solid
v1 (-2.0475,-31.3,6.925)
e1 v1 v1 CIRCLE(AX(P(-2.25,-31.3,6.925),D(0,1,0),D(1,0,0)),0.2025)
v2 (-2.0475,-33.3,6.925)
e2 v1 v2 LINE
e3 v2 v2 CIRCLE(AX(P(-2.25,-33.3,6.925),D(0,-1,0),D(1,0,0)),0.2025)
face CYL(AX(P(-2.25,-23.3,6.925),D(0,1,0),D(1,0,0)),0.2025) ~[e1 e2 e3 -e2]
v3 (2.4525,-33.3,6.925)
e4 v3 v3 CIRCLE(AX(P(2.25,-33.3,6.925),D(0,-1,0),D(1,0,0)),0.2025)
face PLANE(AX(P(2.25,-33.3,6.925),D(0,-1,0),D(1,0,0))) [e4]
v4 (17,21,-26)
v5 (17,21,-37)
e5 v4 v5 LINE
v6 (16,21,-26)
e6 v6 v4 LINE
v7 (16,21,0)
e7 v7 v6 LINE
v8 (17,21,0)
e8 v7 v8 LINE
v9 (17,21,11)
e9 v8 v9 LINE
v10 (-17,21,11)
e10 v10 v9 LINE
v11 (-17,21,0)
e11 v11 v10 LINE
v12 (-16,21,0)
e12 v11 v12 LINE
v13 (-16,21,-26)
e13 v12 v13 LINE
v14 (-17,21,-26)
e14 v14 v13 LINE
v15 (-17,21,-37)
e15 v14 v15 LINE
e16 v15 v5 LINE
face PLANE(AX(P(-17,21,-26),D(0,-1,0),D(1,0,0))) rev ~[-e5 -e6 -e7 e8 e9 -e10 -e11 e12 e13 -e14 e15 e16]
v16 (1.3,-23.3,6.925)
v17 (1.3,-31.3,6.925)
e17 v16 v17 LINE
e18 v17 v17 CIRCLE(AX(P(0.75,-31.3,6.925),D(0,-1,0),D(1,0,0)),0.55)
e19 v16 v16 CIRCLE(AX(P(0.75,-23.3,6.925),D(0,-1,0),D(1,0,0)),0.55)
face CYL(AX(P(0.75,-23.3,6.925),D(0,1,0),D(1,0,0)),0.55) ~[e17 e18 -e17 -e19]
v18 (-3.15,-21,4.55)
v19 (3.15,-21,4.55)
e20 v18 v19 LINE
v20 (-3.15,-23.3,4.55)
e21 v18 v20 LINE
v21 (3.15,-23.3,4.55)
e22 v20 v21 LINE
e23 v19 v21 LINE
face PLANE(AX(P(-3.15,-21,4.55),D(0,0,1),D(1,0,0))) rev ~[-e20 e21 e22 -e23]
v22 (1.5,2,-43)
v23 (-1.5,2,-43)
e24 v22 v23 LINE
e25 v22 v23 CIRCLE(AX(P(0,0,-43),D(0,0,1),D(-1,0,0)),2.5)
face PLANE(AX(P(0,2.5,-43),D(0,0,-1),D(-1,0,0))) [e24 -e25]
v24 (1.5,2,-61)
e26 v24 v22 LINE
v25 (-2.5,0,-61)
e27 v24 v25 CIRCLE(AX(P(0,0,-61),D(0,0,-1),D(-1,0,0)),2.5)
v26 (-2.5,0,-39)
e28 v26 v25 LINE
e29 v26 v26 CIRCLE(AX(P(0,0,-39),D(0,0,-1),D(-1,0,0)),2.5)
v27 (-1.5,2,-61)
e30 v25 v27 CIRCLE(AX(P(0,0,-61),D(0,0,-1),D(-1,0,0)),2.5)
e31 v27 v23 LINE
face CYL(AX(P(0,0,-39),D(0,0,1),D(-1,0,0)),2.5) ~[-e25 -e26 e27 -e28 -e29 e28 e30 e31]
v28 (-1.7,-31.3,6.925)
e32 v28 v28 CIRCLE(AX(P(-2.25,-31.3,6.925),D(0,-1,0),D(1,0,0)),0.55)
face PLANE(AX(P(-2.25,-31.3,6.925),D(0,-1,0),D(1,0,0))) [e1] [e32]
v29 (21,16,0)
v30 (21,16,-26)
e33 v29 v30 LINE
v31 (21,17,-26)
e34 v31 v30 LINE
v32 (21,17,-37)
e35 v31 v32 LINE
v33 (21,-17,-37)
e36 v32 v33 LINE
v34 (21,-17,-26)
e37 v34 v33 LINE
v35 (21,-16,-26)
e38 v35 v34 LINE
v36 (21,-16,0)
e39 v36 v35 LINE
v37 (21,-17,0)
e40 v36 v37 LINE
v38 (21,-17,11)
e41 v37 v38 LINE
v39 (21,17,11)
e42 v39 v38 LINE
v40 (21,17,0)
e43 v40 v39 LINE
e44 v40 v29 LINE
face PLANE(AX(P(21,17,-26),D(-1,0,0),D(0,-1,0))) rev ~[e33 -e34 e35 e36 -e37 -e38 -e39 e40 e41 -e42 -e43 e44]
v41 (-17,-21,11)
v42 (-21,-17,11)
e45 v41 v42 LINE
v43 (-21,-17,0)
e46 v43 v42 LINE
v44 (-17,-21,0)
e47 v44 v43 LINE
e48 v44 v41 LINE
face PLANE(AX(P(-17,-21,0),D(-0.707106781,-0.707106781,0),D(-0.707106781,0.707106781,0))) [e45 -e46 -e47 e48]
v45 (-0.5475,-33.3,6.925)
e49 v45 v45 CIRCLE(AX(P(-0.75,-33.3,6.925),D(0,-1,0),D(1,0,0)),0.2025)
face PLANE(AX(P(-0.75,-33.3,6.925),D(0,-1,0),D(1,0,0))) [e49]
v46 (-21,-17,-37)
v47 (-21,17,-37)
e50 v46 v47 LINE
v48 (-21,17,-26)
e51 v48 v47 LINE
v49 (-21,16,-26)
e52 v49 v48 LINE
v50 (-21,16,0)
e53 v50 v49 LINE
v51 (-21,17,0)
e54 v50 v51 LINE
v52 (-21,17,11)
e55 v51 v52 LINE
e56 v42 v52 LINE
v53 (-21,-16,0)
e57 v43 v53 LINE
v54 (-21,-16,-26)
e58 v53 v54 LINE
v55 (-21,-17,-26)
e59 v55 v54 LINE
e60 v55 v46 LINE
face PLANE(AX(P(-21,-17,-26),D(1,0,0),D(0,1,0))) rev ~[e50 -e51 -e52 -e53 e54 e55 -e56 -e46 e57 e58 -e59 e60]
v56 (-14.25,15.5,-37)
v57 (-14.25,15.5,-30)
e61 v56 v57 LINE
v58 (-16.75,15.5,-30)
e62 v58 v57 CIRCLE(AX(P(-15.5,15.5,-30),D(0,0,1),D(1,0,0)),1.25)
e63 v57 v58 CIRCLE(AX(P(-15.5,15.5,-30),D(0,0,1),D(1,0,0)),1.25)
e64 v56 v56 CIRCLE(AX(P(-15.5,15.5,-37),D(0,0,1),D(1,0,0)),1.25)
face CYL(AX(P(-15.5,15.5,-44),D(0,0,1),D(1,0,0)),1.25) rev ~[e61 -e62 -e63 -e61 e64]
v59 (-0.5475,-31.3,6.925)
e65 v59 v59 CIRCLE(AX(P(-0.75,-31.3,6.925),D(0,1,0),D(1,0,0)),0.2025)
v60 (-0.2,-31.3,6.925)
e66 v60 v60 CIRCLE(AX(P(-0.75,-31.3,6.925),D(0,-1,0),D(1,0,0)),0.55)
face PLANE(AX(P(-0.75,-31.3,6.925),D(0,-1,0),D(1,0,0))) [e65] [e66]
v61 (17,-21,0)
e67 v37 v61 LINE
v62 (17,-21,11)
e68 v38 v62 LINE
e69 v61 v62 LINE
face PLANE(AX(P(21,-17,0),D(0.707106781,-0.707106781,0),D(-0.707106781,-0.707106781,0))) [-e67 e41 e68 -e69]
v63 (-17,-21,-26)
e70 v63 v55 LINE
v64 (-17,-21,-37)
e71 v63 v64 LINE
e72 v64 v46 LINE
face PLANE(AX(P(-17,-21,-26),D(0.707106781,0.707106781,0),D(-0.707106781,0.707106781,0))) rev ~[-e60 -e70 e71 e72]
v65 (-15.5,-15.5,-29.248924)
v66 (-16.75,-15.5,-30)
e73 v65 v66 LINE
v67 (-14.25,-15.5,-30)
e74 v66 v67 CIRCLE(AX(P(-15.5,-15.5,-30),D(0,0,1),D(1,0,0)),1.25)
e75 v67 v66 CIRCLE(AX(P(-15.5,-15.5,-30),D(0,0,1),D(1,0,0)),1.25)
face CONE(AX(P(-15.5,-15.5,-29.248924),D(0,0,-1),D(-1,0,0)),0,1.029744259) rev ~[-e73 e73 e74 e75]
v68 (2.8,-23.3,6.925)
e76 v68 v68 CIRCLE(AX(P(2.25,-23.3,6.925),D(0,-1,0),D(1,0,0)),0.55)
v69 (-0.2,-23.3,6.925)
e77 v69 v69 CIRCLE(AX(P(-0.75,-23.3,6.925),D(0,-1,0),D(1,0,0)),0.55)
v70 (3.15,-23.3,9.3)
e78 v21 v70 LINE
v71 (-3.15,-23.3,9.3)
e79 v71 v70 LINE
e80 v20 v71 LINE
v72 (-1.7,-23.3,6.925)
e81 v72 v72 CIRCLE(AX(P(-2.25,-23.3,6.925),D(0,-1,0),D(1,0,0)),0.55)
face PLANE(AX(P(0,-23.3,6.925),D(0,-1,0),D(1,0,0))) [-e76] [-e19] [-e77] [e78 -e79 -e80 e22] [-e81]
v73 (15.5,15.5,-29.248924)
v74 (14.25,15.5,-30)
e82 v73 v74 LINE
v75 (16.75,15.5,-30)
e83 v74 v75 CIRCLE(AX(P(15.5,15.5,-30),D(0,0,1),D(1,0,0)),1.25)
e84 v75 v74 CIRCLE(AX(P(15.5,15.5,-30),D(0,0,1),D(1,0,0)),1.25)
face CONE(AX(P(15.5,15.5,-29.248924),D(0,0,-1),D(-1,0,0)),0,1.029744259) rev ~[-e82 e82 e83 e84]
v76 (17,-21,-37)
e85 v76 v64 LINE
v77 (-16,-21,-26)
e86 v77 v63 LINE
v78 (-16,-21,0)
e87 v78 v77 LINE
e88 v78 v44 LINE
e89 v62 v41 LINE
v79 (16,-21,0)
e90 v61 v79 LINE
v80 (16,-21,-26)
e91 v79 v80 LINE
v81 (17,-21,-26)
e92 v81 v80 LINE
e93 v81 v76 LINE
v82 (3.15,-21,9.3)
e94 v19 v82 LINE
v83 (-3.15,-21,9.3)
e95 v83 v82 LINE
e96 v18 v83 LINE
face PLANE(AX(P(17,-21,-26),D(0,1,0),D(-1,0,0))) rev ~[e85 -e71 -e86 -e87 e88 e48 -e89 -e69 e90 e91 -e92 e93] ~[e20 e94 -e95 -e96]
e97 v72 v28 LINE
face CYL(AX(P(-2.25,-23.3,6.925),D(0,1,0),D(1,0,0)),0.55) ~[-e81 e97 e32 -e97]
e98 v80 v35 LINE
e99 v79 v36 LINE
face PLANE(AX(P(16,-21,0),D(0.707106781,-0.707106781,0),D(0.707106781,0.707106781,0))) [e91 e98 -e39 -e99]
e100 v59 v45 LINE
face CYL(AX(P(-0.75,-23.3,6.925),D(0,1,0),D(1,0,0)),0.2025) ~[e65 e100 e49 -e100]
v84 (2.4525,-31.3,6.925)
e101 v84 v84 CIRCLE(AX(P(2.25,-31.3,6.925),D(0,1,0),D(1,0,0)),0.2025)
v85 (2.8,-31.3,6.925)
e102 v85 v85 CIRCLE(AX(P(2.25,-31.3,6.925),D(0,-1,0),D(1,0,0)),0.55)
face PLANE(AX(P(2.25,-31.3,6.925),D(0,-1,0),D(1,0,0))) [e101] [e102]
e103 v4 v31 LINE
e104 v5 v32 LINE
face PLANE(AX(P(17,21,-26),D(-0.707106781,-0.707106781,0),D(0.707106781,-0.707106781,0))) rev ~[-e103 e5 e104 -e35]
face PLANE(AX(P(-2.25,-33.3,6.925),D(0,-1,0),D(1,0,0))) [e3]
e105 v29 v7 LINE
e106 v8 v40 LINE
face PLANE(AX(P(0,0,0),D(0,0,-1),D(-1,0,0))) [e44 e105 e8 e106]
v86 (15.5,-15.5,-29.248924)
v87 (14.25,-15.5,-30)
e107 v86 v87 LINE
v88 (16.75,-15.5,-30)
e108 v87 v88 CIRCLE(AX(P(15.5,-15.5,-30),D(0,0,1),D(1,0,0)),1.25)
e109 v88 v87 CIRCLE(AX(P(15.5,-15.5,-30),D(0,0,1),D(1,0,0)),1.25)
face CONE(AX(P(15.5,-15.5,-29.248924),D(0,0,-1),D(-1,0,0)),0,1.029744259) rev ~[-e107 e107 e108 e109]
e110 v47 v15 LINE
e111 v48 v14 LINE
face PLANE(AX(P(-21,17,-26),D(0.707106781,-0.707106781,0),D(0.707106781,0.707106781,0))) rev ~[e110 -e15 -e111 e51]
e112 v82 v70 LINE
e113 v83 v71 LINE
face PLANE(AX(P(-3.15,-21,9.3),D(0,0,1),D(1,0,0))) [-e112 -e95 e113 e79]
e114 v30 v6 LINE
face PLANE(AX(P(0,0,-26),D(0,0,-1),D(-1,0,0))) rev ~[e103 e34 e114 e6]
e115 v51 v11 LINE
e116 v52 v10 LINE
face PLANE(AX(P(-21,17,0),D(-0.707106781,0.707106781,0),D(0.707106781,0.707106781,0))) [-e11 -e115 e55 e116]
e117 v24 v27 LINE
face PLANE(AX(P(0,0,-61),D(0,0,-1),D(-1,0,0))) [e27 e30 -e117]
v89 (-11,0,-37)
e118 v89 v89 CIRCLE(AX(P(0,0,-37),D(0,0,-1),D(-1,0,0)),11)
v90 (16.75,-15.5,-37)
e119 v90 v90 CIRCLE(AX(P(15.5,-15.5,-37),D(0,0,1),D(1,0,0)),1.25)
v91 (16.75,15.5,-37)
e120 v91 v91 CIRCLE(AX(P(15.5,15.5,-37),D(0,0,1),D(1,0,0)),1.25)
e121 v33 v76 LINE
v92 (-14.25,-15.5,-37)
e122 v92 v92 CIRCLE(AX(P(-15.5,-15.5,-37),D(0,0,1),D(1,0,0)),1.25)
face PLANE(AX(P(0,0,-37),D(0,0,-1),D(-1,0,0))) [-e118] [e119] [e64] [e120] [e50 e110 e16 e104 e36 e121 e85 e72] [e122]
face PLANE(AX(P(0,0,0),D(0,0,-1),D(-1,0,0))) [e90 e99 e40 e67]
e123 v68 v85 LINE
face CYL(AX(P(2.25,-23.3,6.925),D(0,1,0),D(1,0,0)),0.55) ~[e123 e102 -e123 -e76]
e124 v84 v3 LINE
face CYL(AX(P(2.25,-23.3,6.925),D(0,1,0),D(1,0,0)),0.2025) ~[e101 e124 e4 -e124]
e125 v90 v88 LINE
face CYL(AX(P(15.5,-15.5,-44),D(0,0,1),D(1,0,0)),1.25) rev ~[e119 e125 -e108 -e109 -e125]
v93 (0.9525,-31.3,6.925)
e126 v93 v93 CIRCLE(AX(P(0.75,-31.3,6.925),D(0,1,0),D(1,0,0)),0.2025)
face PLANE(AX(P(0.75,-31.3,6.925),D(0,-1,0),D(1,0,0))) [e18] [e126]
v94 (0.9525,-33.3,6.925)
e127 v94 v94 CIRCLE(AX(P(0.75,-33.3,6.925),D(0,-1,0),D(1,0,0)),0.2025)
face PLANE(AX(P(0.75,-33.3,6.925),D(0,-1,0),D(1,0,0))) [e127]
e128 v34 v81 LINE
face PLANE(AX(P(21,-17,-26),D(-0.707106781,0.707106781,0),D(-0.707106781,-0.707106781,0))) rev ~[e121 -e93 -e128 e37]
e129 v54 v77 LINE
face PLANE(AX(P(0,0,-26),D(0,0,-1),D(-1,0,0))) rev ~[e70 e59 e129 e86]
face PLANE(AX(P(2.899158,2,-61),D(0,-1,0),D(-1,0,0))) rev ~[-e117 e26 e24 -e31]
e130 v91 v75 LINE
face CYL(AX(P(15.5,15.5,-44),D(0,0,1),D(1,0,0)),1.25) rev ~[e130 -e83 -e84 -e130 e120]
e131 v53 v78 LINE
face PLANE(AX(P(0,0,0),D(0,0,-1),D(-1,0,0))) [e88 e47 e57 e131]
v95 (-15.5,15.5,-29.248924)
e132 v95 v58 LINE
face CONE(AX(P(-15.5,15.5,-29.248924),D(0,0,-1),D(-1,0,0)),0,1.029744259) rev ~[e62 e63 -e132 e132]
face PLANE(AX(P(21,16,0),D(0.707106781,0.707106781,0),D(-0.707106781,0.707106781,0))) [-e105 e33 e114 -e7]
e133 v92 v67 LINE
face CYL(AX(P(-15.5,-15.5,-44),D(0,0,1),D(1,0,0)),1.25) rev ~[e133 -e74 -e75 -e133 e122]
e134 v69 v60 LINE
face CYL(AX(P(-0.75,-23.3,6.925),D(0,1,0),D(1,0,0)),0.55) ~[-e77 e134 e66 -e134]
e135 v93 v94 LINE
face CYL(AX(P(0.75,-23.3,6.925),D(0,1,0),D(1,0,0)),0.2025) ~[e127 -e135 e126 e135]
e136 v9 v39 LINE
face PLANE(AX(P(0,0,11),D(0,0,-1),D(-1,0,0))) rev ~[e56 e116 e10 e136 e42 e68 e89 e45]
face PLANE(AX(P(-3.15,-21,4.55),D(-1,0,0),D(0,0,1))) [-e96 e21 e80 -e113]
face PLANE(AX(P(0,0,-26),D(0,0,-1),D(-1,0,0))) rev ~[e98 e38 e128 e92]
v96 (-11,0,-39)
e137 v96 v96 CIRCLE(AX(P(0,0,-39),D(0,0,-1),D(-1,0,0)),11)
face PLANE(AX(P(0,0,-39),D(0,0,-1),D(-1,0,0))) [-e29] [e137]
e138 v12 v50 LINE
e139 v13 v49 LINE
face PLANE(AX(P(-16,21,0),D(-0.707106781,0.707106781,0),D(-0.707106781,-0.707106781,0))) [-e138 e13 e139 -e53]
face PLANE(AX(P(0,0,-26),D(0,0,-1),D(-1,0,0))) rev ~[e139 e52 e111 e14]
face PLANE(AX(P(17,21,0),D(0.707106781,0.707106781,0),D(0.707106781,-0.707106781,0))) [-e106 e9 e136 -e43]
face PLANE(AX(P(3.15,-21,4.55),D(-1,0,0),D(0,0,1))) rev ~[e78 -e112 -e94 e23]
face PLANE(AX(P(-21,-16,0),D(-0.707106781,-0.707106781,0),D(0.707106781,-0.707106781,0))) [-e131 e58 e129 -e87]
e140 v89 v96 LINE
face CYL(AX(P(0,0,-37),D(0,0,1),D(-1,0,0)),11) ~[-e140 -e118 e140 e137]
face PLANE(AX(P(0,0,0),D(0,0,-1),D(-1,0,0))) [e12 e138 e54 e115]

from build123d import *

# Parameters (mm, degrees)
BOSS_EXTRU_1_DEPTH      = 11
BOSS_EXTRU_2_DEPTH      = 26
BOSS_EXTRU_3_DEPTH      = 11
ESQUISSE4_R             = 11
BOSS_EXTRU_4_DEPTH      = 2
ESQUISSE5_R             = 2.5
BOSS_EXTRU_5_DEPTH      = 22
ESQUISSE6_W             = 5.798316384
ESQUISSE6_H             = 1
ENL_V_MAT_EXTRU_1_DEPTH = 18
TROU_TARAUD_M31_D       = 2.5
TROU_TARAUD_M31_DEPTH   = 7
TROU_TARAUD_M31_TIP     = 0.751075774
ESQUISSE9_W             = 6.3
ESQUISSE9_H             = 4.75
BOSS_EXTRU_6_DEPTH      = 2.3
ESQUISSE10_R            = 0.2025
BOSS_EXTRU_7_DEPTH      = 10
ESQUISSE11_R            = 0.55
BOSS_EXTRU_8_DEPTH      = 8


with BuildPart() as part:
    # Esquisse1 → Boss.-Extru.1 (new body)
    with BuildSketch(Plane.XY):
        Polygon((17, 21), (21, 17), (21, -17), (17, -21), (-17, -21), (-21, -17), (-21, 17), (-17, 21), align=None)
    extrude(amount=BOSS_EXTRU_1_DEPTH)

    # Esquisse2 → Boss.-Extru.2 (add)
    with BuildSketch(Plane(origin=(0, 0, 0), x_dir=(-1, 0, 0), z_dir=(0, 0, -1))):
        Polygon((-16, 21), (16, 21), (21, 16), (21, -16), (16, -21), (-16, -21), (-21, -16), (-21, 16), align=None)
    extrude(amount=BOSS_EXTRU_2_DEPTH)

    # Esquisse3 → Boss.-Extru.3 (add)
    with BuildSketch(Plane(origin=(0, 0, -26), x_dir=(-1, 0, 0), z_dir=(0, 0, -1))):
        Polygon((-17, 21), (-21, 17), (-21, -17), (-17, -21), (17, -21), (21, -17), (21, 17), (17, 21), align=None)
    extrude(amount=BOSS_EXTRU_3_DEPTH)

    # Esquisse4 → Boss.-Extru.4 (add)
    with BuildSketch(Plane(origin=(0, 0, -37), x_dir=(-1, 0, 0), z_dir=(0, 0, -1))):
        Circle(ESQUISSE4_R)
    extrude(amount=BOSS_EXTRU_4_DEPTH)

    # Esquisse5 → Boss.-Extru.5 (add)
    with BuildSketch(Plane(origin=(0, 0, -39), x_dir=(-1, 0, 0), z_dir=(0, 0, -1))):
        Circle(ESQUISSE5_R)
    extrude(amount=BOSS_EXTRU_5_DEPTH)

    # Esquisse6 → Enlèv. mat.-Extru.1 (cut)
    with BuildSketch(Plane(origin=(0, 0, -61), x_dir=(-1, 0, 0), z_dir=(0, 0, -1))):
        with Locations((0, 2.5)):
            Rectangle(ESQUISSE6_W, ESQUISSE6_H)
    extrude(amount=-ENL_V_MAT_EXTRU_1_DEPTH, mode=Mode.SUBTRACT)

    # Trou taraudé M31
    with Locations(Plane(origin=(0, 0, -37), x_dir=(-1, 0, 0), z_dir=(0, 0, -1))):
        with Locations((-15.5, 15.5), (15.5, 15.5), (15.5, -15.5), (-15.5, -15.5)):
            Hole(TROU_TARAUD_M31_D / 2, depth=TROU_TARAUD_M31_DEPTH)
            with Locations((0, 0, -(TROU_TARAUD_M31_DEPTH + TROU_TARAUD_M31_TIP / 2))):  # 118° drill point
                Cone(0, TROU_TARAUD_M31_D / 2, TROU_TARAUD_M31_TIP, mode=Mode.SUBTRACT)

    # Esquisse9 → Boss.-Extru.6 (add)
    with BuildSketch(Plane.XZ.offset(21)):
        with Locations((0, 6.925)):
            Rectangle(ESQUISSE9_W, ESQUISSE9_H)
    extrude(amount=BOSS_EXTRU_6_DEPTH)

    # Esquisse10 → Boss.-Extru.7 (add)
    with BuildSketch(Plane.XZ.offset(23.3)):
        with Locations((-2.25, 6.925)):
            Circle(ESQUISSE10_R)
        with Locations((-0.75, 6.925)):
            Circle(ESQUISSE10_R)
        with Locations((0.75, 6.925)):
            Circle(ESQUISSE10_R)
        with Locations((2.25, 6.925)):
            Circle(ESQUISSE10_R)
    extrude(amount=BOSS_EXTRU_7_DEPTH)

    # Esquisse11 → Boss.-Extru.8 (add)
    with BuildSketch(Plane.XZ.offset(23.3)):
        with Locations((-2.25, 6.925)):
            Circle(ESQUISSE11_R)
        with Locations((-0.75, 6.925)):
            Circle(ESQUISSE11_R)
        with Locations((0.75, 6.925)):
            Circle(ESQUISSE11_R)
        with Locations((2.25, 6.925)):
            Circle(ESQUISSE11_R)
    extrude(amount=BOSS_EXTRU_8_DEPTH)


solid = part.part
